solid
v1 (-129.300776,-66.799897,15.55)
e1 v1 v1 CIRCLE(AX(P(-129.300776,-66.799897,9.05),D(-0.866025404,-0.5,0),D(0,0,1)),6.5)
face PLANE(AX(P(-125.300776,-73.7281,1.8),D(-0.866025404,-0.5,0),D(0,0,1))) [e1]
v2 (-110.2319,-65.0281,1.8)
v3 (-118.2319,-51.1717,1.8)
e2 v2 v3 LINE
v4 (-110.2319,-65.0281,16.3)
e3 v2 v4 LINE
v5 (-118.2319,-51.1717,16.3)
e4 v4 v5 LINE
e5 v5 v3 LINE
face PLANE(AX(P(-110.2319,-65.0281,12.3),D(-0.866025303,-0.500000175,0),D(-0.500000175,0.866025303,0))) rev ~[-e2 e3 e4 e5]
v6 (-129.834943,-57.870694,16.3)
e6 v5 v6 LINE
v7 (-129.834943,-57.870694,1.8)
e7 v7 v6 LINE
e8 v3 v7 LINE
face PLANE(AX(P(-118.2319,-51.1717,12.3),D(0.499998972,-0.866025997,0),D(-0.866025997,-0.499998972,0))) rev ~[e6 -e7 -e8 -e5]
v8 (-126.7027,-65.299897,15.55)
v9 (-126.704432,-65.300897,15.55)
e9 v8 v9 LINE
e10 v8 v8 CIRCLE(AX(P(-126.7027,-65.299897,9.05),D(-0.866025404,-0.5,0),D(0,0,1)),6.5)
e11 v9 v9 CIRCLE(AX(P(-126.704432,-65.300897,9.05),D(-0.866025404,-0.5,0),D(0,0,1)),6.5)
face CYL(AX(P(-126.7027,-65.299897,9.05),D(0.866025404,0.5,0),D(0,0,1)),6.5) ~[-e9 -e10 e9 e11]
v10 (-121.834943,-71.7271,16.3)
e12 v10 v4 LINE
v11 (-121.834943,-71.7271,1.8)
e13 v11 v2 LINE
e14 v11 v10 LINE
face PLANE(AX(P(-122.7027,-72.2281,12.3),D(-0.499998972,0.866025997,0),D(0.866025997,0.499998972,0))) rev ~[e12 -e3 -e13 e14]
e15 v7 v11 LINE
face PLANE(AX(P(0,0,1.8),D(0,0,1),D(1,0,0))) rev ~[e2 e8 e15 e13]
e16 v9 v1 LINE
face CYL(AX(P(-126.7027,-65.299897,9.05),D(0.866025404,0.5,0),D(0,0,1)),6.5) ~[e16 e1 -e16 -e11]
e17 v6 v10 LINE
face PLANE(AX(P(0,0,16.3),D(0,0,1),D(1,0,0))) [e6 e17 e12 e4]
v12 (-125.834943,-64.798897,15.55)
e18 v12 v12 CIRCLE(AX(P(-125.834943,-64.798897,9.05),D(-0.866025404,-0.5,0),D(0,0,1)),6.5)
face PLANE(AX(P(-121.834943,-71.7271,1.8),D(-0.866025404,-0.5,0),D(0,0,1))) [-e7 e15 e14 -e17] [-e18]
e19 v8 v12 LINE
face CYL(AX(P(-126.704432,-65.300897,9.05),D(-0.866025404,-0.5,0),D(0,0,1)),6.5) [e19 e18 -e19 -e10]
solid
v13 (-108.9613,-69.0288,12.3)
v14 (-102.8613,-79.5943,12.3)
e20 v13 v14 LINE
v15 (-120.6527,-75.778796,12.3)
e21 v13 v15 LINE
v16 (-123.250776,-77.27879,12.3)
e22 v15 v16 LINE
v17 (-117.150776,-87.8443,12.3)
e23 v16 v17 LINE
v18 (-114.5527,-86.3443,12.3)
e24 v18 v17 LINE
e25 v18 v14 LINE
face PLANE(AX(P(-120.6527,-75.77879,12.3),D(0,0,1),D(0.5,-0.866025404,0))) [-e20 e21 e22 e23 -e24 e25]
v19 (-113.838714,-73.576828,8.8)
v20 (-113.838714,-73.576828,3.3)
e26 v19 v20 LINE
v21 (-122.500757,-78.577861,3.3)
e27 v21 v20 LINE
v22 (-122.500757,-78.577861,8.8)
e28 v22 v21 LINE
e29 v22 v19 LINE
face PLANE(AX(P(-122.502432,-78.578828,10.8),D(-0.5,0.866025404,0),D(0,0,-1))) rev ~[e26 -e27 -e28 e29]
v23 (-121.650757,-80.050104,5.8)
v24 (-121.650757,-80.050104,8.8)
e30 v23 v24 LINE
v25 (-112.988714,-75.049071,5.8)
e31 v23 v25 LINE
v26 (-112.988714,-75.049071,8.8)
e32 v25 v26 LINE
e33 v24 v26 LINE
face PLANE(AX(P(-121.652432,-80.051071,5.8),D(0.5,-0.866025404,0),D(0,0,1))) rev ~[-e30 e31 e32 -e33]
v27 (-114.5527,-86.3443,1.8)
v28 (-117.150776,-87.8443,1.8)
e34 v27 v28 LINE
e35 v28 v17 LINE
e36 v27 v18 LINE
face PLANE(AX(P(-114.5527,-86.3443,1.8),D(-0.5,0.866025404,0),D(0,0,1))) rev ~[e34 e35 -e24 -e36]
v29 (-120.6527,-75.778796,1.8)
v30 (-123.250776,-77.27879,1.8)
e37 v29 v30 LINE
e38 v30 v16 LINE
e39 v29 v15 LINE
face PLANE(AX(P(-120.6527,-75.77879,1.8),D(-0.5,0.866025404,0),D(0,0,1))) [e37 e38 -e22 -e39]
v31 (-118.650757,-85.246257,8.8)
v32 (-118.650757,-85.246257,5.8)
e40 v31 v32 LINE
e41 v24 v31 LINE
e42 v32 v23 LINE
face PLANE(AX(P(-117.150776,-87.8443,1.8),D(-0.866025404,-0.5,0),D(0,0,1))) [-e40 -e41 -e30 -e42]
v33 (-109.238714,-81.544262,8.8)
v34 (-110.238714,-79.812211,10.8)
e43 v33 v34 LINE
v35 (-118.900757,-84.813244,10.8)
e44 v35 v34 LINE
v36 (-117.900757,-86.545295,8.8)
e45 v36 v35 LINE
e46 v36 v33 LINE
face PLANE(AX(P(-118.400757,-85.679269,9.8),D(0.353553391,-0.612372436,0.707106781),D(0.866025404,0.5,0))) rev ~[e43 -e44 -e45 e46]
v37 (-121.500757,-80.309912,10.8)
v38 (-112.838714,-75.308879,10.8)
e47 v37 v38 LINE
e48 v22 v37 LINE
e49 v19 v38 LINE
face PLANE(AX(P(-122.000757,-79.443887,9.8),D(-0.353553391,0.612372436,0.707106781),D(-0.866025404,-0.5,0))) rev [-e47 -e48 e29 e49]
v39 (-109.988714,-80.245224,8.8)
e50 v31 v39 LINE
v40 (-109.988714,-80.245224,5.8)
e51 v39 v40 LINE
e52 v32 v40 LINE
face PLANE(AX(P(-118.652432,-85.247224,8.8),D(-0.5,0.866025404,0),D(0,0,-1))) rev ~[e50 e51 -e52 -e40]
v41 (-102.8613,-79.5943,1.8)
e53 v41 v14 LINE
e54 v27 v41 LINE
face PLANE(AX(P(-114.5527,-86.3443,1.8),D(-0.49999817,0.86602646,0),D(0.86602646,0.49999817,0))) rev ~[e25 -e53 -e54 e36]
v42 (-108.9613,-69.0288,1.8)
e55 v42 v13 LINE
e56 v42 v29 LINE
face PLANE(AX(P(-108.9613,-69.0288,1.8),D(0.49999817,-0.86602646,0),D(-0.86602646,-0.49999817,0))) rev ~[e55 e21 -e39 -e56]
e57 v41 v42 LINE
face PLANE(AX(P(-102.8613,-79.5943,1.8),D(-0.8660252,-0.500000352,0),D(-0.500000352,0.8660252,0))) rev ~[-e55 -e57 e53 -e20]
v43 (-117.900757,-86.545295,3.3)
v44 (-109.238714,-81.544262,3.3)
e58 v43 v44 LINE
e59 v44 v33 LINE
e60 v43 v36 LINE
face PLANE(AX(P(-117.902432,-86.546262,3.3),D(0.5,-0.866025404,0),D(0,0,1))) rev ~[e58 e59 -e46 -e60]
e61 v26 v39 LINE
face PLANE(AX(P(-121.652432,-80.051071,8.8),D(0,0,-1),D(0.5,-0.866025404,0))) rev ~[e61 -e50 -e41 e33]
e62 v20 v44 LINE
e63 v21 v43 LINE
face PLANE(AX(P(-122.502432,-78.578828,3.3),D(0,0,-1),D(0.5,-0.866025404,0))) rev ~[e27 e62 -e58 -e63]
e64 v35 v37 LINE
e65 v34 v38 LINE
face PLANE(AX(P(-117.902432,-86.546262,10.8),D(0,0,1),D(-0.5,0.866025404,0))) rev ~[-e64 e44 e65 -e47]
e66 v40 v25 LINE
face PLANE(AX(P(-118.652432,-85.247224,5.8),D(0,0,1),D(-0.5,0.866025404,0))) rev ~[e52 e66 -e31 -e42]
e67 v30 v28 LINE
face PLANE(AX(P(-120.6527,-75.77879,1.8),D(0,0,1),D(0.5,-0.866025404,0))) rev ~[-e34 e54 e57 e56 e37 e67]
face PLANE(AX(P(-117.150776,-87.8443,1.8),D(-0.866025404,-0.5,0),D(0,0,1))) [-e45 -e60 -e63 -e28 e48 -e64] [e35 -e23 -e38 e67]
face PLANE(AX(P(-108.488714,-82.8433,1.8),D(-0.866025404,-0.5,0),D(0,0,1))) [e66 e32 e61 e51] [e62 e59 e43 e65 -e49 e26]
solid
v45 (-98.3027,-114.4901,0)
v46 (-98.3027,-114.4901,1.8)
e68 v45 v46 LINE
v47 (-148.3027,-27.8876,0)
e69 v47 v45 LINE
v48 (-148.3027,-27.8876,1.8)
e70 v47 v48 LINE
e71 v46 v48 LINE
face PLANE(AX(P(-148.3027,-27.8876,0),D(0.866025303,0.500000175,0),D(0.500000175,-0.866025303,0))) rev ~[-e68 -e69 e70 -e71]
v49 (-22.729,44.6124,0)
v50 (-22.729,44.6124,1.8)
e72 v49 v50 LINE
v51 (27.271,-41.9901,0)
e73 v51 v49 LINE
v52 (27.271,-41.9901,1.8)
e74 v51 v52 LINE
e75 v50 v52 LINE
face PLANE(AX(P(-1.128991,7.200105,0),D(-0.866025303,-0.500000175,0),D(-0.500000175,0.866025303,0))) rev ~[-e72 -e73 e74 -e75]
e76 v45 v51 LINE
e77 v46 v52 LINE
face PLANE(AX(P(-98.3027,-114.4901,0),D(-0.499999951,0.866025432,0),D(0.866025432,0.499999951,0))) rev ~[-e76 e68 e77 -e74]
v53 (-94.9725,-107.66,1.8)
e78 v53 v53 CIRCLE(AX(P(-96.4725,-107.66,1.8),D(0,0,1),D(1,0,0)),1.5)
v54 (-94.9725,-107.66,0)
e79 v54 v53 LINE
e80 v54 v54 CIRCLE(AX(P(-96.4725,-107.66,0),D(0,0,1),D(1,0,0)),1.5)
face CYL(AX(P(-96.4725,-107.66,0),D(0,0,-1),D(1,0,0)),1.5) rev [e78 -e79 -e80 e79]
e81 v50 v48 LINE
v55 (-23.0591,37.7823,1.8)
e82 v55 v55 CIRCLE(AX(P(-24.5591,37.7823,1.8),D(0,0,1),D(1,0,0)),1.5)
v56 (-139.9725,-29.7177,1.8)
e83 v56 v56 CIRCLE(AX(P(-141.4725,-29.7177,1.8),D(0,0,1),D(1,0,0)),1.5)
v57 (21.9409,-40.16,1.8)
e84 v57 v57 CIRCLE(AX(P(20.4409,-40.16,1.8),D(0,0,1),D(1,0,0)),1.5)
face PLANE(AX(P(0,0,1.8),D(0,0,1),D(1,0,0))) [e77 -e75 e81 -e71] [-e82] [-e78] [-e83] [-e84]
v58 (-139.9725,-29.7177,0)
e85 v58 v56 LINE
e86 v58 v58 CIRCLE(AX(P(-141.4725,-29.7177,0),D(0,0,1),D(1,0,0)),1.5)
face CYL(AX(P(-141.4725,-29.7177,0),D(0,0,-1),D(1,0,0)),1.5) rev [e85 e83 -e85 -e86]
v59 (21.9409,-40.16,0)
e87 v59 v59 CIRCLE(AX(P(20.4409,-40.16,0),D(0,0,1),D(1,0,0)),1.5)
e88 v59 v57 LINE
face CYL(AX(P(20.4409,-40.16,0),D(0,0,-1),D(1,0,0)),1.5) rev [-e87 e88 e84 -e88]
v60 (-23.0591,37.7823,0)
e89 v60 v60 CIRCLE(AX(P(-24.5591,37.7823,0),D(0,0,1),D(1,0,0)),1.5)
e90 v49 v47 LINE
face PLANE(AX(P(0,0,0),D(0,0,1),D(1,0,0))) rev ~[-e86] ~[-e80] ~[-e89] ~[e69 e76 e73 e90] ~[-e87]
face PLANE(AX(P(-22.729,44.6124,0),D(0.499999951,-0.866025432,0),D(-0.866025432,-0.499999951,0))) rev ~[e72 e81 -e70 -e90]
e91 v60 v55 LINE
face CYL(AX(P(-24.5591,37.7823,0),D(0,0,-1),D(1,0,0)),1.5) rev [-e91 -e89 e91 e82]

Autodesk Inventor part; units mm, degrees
ref_plane "YZ Plane" through (0, 0, 0) normal (1, 0, 0) x (0, 1, 0)
ref_plane "XZ Plane" through (0, 0, 0) normal (0, 1, 0) x (-1, 0, 0)
ref_plane "XY Plane" through (0, 0, 0) normal (0, 0, 1) x (1, 0, 0)
ref_plane "Work Plane1" through (0, 0, 0) normal (0, 0, 1) x (1, 0, 0)
sketch "Sketch1" plane through (0, 0, 0) normal (0, 0, 1) x (1, 0, 0)
  line L0 (-106.8732, -139.6455) -> (-150.8241, -63.5202) projected
  line L1 (-148.3027, -27.8876) -> (-98.3027, -114.4901)
  line L2 (-98.3027, -114.4901) -> (27.271, -41.9901)
  line L3 (27.271, -41.9901) -> (-22.729, 44.6124)
  line L4 (-22.729, 44.6124) -> (-148.3027, -27.8876)
  line L5 (-174.3732, -22.7321) -> (-171.7751, -21.2321) projected
  line L6 (-123.3027, -71.1888) -> (2.271, 1.3112)
  circle A0 centre (-141.4725, -29.7177) radius 1.5
  circle A1 centre (-96.4725, -107.66) radius 1.5
  circle A2 centre (-24.5591, 37.7823) radius 1.5
  circle A3 centre (20.4409, -40.16) radius 1.5
  line L7 (-106.4027, -100.4605) -> (19.171, -27.9605)
  line L8 (-117.6027, -81.0615) -> (7.971, -8.5615)
  line L9 (-126.7027, -65.2999) -> (-1.129, 7.2001)
  dimension "d3" = 100
  dimension "d4" = 145
  dimension "d5" = 67.5
  dimension "d6" = 20
  dimension "d7" = 3
  dimension "d8" = 3
  dimension "d9" = 3
  dimension "d10" = 3
  dimension "d11" = 5
  dimension "d12" = 5
  dimension "d13" = 5
  dimension "d14" = 5
  dimension "d15" = 5
  dimension "d16" = 5
  dimension "d17" = 5
  dimension "d18" = 5
  dimension "d19" = 16.2
  dimension "d20" = 38.6
  dimension "d21" = 56.8
extrude "Extrusion1" add sketch "Sketch1" along normal blind 1.8
sketch "Sketch2" plane through (0, 0, 1.8) normal (0, 0, 1) x (1, 0, 0)
  line L0 (27.271, -41.9901) -> (-22.729, 44.6124) projected
  line L1 (-148.3027, -27.8876) -> (-98.3027, -114.4901) projected
  line L2 (-98.3027, -114.4901) -> (27.271, -41.9901) projected
  line L3 (-106.4027, -100.4605) -> (19.171, -27.9605)
  line L4 (-117.6027, -81.0615) -> (7.971, -8.5615)
  line L5 (-1.129, 7.2001) -> (-126.7027, -65.2999)
  line L6 (-130.7027, -58.3717) -> (-122.7027, -72.2281)
  line L7 (-122.7027, -72.2281) -> (-110.2319, -65.0281)
  line L8 (-110.2319, -65.0281) -> (-118.2319, -51.1717)
  line L9 (-118.2319, -51.1717) -> (-130.7027, -58.3717)
  line L10 (-120.6527, -75.7788) -> (-114.5527, -86.3443)
  line L11 (-114.5527, -86.3443) -> (-102.8613, -79.5943)
  line L12 (-102.8613, -79.5943) -> (-108.9613, -69.0288)
  line L13 (-108.9613, -69.0288) -> (-120.6527, -75.7788)
  line L14 (-111.0027, -92.4931) -> (-101.8027, -108.4279)
  line L15 (-101.8027, -108.4279) -> (-86.7338, -99.7279)
  line L16 (-86.7338, -99.7279) -> (-95.9338, -83.7931)
  line L17 (-95.9338, -83.7931) -> (-111.0027, -92.4931)
  line L18 (-251.5686, 33.0808) -> (-251.5686, 18.7808)
  line L19 (-253.5686, -22.5192) -> (-253.5686, -6.8192)
  line L20 (-249.5686, -8.2192) -> (-249.5686, -21.1192)
  line L21 (-462.5686, 42.1808) -> (-462.5686, -97.8192)
  line L22 (-412.5686, -27.8192) -> (-252.5686, -27.8192)
  line L23 (-269.9686, 33.0808) -> (-251.5686, 33.0808)
  line L24 (-252.5686, -26.8192) -> (-412.5686, -26.8192)
  line L25 (-249.5686, 36.4808) -> (-251.5686, 36.4808)
  line L26 (-251.5686, 15.3808) -> (-249.5686, 15.3808)
  line L27 (-252.5686, -27.8192) -> (-252.5686, -97.8192)
  line L28 (-462.5686, -97.8192) -> (-252.5686, -97.8192)
  line L29 (-252.5686, 32.3808) -> (-252.5686, 18.0808)
  line L30 (-249.5686, 15.3808) -> (-249.5686, 36.4808)
  line L31 (-266.9686, -6.8192) -> (-266.9686, -22.5192)
  line L32 (-253.5686, -21.1192) -> (-253.5686, -8.2192)
  line L33 (-249.5686, 9.6808) -> (-249.5686, -2.5192)
  line L34 (-252.5686, 42.1808) -> (-462.5686, 42.1808)
  line L35 (-246.5575, 29.6636) -> (-249.5686, 18.6388)
  line L36 (-252.5686, -8.2192) -> (-252.5686, -21.1192)
  circle A0 centre (-257.5686, 37.1808) radius 2.5
  line L37 (-251.5686, 18.7808) -> (-269.9686, 18.7808)
  line L38 (-251.5686, 36.4808) -> (-251.5686, 15.3808)
  line L39 (-266.9686, -22.5192) -> (-253.5686, -22.5192)
  line L40 (-249.5686, -21.1192) -> (-253.5686, -21.1192)
  circle A1 centre (-257.5686, 37.1808) radius 1.5
  line L41 (-252.5686, 42.1808) -> (-412.5686, 42.1808)
  line L42 (-249.5686, 33.0078) -> (-246.5575, 29.6636)
  line L43 (-252.5686, -27.8192) -> (-252.5686, 42.1808)
  circle A2 centre (-257.5686, 37.1808) radius 2.5
  line L44 (-269.9686, 18.7808) -> (-269.9686, 33.0808)
  line L45 (-266.0686, -2.5192) -> (-266.0686, 9.6808)
  line L46 (-412.5686, 42.1808) -> (-412.5686, -27.8192)
  line L47 (-252.5686, -21.1192) -> (-252.5686, -8.2192)
  line L48 (-266.0686, 9.6808) -> (-249.5686, 9.6808)
  line L49 (-253.5686, -6.8192) -> (-266.9686, -6.8192)
  line L50 (-249.5686, -2.5192) -> (-266.0686, -2.5192)
  line L51 (-253.5686, -8.2192) -> (-249.5686, -8.2192)
  line L52 (-249.5686, -8.2192) -> (-252.5686, -8.2192)
  line L53 (-252.5686, -21.1192) -> (-249.5686, -21.1192)
  line L54 (-249.5686, -21.1192) -> (-249.5686, -8.2192)
  line L55 (-252.5686, -2.5192) -> (-249.5686, -2.5192)
  line L56 (-249.5686, 9.6808) -> (-252.5686, 9.6808)
  line L57 (-249.5686, 18.6388) -> (-246.5575, 29.6636)
  line L58 (-249.5686, -2.5192) -> (-249.5686, 9.6808)
  line L59 (-246.5575, 29.6636) -> (-249.5686, 33.0078)
  line L60 (-246.5575, 29.6636) -> (-249.5686, 33.0078)
  line L61 (-249.5686, 33.0078) -> (-249.5686, 18.6388)
  line L62 (-249.5686, 18.6388) -> (-246.5575, 29.6636)
  line L63 (-249.5686, 33.0078) -> (-249.5686, 18.6388)
  line L64 (-252.5686, -21.1192) -> (-252.5686, -8.2192)
  line L65 (-249.5686, 36.4808) -> (-251.5686, 36.4808)
  line L66 (-462.5686, -97.8192) -> (-252.5686, -97.8192)
  line L67 (-251.5686, 15.3808) -> (-249.5686, 15.3808)
  line L68 (-251.5686, 18.7808) -> (-251.5686, 15.3808)
  line L69 (-252.5686, 18.7808) -> (-251.5686, 18.7808)
  line L70 (-251.5686, 33.0808) -> (-252.5686, 33.0808)
  line L71 (-251.5686, 36.4808) -> (-251.5686, 33.0808)
  line L72 (-249.5686, 15.3808) -> (-249.5686, 36.4808)
  line L73 (-462.5686, -97.8192) -> (-462.5686, 42.1808)
  line L74 (-462.5686, 42.1808) -> (-462.5686, -97.8192)
  line L75 (-252.5686, 18.7808) -> (-252.5686, -97.8192)
  line L76 (-252.5686, 42.1808) -> (-252.5686, 33.0808)
  line L77 (-252.5686, -97.8192) -> (-252.5686, 42.1808)
  line L78 (-252.5686, 9.6808) -> (-252.5686, -2.5192)
  line L79 (-252.5686, -97.8192) -> (-462.5686, -97.8192)
  line L80 (-462.5686, 42.1808) -> (-252.5686, 42.1808)
  line L81 (-252.5686, 42.1808) -> (-462.5686, 42.1808)
  line L82 (-252.5686, 18.7808) -> (-251.5686, 18.7808)
  line L83 (-249.5686, -2.5192) -> (-249.5686, 9.6808)
  line L84 (-249.5686, 9.6808) -> (-252.5686, 9.6808)
  line L85 (-252.5686, -2.5192) -> (-249.5686, -2.5192)
  line L86 (-251.5686, 36.4808) -> (-251.5686, 33.0808)
  line L87 (-251.5686, 33.0808) -> (-252.5686, 33.0808)
  line L88 (-252.5686, 18.7808) -> (-252.5686, 33.0808)
  line L89 (-251.5686, 18.7808) -> (-251.5686, 15.3808)
  line L90 (-251.5686, 15.3808) -> (-249.5686, 15.3808)
  line L91 (-249.5686, 15.3808) -> (-249.5686, 36.4808)
  line L92 (-249.5686, 36.4808) -> (-251.5686, 36.4808)
  line L93 (-252.5686, -2.5192) -> (-252.5686, 9.6808)
  point P0 (0, 0)
  dimension "d24" = 16.2
  dimension "d25" = 38.6
  dimension "d26" = 56.8
  dimension "d27" = 14.4
  dimension "d28" = 13.5
  dimension "d29" = 17.4
  dimension "d30" = 9.2
  dimension "d31" = 9.2
  dimension "d32" = 6.1
  dimension "d33" = 6.1
  dimension "d34" = 8
  dimension "d35" = 8
extrude "Extrusion2" add sketch "Sketch2" along normal blind 10.5 separate body contours L12 L11 L1 L4 | L4 L1 L13 L12 | L8 L7 L1 L5 | L5 L1 L9 L8
sketch "Sketch3" plane through (0, 0, 12.3) normal (0, 0, 1) x (1, 0, 0)
  line L0 (-122.7027, -72.2281) -> (-110.2319, -65.0281) projected
  line L1 (-110.2319, -65.0281) -> (-118.2319, -51.1717) projected
  line L2 (-118.2319, -51.1717) -> (-130.7027, -58.3717) projected
  line L3 (-130.7027, -58.3717) -> (-122.7027, -72.2281) projected
  point P0 (0, 0)
extrude "Extrusion3" add sketch "Sketch3" along normal blind 4 bodies 2
sketch "Sketch4" plane through (-122.7027, -72.2281, 1.8) normal (-0.866, -0.5, 0) x (0, 0, 1)
  circle A0 centre (7.25, 8) radius 6.5
  point P0 (-1.8, 1.2)
  dimension "d40" = 13
extrude "Extrusion4" add sketch "Sketch4" along normal blind 3 bodies 2
sketch "Sketch5" plane through (-114.5527, -86.3443, 1.8) normal (-0.866, -0.5, 0) x (0, 0, 1)
  line L0 (0, 12.2) -> (0, 0) projected
  line L1 (0, 0) -> (10.5, 0) projected
  line L2 (10.5, 12.2) -> (10.5, 0) projected
  line L3 (0, 12.2) -> (10.5, 12.2) projected
  point P0 (-1.8, 17.5)
extrude "Extrusion5" add sketch "Sketch5" along normal blind 3 bodies 2
sketch "Sketch6" plane through (-117.1507, -87.8443, 1.8) normal (-0.866, -0.5, 0) x (0, 0, 1)
  line L0 (0, 12.2) -> (0, 0) projected
  line L1 (0, 0) -> (10.5, 0) projected
  line L2 (10.5, 0) -> (10.5, 12.2) projected
  line L3 (10.5, 12.2) -> (0, 12.2) projected
  line L4 (1.5, 10.7) -> (1.5, 1.5)
  line L5 (1.5, 1.5) -> (9, 1.5)
  line L6 (9, 1.5) -> (9, 10.7)
  line L7 (9, 10.7) -> (1.5, 10.7)
  line L8 (4, 9) -> (7, 9)
  line L9 (7, 9) -> (7, 3)
  line L10 (7, 3) -> (4, 3)
  line L11 (4, 3) -> (4, 9)
  point P0 (-1.8, 17.5)
  dimension "d45" = 1.5
extrude "Extrusion6" cut sketch "Sketch6" against normal blind 10 contours L7 L6 L5 L4 bodies 2
chamfer "Chamfer1" distance 2 angle 45 2 edges at (-118.1698, -76.0773, 10.8) (-113.5698, -84.0447, 10.8)
sketch "Sketch11" plane through (-122.7027, -72.2281, 1.8) normal (-0.866, -0.5, 0) x (0, 0, 1)
  circle A0 centre (7.25, 8) radius 6.5 projected
  line L0 (0, 16) -> (0, 0) projected
  line L1 (0, 0) -> (14.5, 0) projected
  line L2 (14.5, 16) -> (14.5, 0) projected
  line L3 (0, 16) -> (14.5, 16) projected
  point P0 (-1.8, 1.2)
extrude "Extrusion11" cut sketch "Sketch11" against normal blind 1 bodies 2
properties material "Aluminum 6061"
